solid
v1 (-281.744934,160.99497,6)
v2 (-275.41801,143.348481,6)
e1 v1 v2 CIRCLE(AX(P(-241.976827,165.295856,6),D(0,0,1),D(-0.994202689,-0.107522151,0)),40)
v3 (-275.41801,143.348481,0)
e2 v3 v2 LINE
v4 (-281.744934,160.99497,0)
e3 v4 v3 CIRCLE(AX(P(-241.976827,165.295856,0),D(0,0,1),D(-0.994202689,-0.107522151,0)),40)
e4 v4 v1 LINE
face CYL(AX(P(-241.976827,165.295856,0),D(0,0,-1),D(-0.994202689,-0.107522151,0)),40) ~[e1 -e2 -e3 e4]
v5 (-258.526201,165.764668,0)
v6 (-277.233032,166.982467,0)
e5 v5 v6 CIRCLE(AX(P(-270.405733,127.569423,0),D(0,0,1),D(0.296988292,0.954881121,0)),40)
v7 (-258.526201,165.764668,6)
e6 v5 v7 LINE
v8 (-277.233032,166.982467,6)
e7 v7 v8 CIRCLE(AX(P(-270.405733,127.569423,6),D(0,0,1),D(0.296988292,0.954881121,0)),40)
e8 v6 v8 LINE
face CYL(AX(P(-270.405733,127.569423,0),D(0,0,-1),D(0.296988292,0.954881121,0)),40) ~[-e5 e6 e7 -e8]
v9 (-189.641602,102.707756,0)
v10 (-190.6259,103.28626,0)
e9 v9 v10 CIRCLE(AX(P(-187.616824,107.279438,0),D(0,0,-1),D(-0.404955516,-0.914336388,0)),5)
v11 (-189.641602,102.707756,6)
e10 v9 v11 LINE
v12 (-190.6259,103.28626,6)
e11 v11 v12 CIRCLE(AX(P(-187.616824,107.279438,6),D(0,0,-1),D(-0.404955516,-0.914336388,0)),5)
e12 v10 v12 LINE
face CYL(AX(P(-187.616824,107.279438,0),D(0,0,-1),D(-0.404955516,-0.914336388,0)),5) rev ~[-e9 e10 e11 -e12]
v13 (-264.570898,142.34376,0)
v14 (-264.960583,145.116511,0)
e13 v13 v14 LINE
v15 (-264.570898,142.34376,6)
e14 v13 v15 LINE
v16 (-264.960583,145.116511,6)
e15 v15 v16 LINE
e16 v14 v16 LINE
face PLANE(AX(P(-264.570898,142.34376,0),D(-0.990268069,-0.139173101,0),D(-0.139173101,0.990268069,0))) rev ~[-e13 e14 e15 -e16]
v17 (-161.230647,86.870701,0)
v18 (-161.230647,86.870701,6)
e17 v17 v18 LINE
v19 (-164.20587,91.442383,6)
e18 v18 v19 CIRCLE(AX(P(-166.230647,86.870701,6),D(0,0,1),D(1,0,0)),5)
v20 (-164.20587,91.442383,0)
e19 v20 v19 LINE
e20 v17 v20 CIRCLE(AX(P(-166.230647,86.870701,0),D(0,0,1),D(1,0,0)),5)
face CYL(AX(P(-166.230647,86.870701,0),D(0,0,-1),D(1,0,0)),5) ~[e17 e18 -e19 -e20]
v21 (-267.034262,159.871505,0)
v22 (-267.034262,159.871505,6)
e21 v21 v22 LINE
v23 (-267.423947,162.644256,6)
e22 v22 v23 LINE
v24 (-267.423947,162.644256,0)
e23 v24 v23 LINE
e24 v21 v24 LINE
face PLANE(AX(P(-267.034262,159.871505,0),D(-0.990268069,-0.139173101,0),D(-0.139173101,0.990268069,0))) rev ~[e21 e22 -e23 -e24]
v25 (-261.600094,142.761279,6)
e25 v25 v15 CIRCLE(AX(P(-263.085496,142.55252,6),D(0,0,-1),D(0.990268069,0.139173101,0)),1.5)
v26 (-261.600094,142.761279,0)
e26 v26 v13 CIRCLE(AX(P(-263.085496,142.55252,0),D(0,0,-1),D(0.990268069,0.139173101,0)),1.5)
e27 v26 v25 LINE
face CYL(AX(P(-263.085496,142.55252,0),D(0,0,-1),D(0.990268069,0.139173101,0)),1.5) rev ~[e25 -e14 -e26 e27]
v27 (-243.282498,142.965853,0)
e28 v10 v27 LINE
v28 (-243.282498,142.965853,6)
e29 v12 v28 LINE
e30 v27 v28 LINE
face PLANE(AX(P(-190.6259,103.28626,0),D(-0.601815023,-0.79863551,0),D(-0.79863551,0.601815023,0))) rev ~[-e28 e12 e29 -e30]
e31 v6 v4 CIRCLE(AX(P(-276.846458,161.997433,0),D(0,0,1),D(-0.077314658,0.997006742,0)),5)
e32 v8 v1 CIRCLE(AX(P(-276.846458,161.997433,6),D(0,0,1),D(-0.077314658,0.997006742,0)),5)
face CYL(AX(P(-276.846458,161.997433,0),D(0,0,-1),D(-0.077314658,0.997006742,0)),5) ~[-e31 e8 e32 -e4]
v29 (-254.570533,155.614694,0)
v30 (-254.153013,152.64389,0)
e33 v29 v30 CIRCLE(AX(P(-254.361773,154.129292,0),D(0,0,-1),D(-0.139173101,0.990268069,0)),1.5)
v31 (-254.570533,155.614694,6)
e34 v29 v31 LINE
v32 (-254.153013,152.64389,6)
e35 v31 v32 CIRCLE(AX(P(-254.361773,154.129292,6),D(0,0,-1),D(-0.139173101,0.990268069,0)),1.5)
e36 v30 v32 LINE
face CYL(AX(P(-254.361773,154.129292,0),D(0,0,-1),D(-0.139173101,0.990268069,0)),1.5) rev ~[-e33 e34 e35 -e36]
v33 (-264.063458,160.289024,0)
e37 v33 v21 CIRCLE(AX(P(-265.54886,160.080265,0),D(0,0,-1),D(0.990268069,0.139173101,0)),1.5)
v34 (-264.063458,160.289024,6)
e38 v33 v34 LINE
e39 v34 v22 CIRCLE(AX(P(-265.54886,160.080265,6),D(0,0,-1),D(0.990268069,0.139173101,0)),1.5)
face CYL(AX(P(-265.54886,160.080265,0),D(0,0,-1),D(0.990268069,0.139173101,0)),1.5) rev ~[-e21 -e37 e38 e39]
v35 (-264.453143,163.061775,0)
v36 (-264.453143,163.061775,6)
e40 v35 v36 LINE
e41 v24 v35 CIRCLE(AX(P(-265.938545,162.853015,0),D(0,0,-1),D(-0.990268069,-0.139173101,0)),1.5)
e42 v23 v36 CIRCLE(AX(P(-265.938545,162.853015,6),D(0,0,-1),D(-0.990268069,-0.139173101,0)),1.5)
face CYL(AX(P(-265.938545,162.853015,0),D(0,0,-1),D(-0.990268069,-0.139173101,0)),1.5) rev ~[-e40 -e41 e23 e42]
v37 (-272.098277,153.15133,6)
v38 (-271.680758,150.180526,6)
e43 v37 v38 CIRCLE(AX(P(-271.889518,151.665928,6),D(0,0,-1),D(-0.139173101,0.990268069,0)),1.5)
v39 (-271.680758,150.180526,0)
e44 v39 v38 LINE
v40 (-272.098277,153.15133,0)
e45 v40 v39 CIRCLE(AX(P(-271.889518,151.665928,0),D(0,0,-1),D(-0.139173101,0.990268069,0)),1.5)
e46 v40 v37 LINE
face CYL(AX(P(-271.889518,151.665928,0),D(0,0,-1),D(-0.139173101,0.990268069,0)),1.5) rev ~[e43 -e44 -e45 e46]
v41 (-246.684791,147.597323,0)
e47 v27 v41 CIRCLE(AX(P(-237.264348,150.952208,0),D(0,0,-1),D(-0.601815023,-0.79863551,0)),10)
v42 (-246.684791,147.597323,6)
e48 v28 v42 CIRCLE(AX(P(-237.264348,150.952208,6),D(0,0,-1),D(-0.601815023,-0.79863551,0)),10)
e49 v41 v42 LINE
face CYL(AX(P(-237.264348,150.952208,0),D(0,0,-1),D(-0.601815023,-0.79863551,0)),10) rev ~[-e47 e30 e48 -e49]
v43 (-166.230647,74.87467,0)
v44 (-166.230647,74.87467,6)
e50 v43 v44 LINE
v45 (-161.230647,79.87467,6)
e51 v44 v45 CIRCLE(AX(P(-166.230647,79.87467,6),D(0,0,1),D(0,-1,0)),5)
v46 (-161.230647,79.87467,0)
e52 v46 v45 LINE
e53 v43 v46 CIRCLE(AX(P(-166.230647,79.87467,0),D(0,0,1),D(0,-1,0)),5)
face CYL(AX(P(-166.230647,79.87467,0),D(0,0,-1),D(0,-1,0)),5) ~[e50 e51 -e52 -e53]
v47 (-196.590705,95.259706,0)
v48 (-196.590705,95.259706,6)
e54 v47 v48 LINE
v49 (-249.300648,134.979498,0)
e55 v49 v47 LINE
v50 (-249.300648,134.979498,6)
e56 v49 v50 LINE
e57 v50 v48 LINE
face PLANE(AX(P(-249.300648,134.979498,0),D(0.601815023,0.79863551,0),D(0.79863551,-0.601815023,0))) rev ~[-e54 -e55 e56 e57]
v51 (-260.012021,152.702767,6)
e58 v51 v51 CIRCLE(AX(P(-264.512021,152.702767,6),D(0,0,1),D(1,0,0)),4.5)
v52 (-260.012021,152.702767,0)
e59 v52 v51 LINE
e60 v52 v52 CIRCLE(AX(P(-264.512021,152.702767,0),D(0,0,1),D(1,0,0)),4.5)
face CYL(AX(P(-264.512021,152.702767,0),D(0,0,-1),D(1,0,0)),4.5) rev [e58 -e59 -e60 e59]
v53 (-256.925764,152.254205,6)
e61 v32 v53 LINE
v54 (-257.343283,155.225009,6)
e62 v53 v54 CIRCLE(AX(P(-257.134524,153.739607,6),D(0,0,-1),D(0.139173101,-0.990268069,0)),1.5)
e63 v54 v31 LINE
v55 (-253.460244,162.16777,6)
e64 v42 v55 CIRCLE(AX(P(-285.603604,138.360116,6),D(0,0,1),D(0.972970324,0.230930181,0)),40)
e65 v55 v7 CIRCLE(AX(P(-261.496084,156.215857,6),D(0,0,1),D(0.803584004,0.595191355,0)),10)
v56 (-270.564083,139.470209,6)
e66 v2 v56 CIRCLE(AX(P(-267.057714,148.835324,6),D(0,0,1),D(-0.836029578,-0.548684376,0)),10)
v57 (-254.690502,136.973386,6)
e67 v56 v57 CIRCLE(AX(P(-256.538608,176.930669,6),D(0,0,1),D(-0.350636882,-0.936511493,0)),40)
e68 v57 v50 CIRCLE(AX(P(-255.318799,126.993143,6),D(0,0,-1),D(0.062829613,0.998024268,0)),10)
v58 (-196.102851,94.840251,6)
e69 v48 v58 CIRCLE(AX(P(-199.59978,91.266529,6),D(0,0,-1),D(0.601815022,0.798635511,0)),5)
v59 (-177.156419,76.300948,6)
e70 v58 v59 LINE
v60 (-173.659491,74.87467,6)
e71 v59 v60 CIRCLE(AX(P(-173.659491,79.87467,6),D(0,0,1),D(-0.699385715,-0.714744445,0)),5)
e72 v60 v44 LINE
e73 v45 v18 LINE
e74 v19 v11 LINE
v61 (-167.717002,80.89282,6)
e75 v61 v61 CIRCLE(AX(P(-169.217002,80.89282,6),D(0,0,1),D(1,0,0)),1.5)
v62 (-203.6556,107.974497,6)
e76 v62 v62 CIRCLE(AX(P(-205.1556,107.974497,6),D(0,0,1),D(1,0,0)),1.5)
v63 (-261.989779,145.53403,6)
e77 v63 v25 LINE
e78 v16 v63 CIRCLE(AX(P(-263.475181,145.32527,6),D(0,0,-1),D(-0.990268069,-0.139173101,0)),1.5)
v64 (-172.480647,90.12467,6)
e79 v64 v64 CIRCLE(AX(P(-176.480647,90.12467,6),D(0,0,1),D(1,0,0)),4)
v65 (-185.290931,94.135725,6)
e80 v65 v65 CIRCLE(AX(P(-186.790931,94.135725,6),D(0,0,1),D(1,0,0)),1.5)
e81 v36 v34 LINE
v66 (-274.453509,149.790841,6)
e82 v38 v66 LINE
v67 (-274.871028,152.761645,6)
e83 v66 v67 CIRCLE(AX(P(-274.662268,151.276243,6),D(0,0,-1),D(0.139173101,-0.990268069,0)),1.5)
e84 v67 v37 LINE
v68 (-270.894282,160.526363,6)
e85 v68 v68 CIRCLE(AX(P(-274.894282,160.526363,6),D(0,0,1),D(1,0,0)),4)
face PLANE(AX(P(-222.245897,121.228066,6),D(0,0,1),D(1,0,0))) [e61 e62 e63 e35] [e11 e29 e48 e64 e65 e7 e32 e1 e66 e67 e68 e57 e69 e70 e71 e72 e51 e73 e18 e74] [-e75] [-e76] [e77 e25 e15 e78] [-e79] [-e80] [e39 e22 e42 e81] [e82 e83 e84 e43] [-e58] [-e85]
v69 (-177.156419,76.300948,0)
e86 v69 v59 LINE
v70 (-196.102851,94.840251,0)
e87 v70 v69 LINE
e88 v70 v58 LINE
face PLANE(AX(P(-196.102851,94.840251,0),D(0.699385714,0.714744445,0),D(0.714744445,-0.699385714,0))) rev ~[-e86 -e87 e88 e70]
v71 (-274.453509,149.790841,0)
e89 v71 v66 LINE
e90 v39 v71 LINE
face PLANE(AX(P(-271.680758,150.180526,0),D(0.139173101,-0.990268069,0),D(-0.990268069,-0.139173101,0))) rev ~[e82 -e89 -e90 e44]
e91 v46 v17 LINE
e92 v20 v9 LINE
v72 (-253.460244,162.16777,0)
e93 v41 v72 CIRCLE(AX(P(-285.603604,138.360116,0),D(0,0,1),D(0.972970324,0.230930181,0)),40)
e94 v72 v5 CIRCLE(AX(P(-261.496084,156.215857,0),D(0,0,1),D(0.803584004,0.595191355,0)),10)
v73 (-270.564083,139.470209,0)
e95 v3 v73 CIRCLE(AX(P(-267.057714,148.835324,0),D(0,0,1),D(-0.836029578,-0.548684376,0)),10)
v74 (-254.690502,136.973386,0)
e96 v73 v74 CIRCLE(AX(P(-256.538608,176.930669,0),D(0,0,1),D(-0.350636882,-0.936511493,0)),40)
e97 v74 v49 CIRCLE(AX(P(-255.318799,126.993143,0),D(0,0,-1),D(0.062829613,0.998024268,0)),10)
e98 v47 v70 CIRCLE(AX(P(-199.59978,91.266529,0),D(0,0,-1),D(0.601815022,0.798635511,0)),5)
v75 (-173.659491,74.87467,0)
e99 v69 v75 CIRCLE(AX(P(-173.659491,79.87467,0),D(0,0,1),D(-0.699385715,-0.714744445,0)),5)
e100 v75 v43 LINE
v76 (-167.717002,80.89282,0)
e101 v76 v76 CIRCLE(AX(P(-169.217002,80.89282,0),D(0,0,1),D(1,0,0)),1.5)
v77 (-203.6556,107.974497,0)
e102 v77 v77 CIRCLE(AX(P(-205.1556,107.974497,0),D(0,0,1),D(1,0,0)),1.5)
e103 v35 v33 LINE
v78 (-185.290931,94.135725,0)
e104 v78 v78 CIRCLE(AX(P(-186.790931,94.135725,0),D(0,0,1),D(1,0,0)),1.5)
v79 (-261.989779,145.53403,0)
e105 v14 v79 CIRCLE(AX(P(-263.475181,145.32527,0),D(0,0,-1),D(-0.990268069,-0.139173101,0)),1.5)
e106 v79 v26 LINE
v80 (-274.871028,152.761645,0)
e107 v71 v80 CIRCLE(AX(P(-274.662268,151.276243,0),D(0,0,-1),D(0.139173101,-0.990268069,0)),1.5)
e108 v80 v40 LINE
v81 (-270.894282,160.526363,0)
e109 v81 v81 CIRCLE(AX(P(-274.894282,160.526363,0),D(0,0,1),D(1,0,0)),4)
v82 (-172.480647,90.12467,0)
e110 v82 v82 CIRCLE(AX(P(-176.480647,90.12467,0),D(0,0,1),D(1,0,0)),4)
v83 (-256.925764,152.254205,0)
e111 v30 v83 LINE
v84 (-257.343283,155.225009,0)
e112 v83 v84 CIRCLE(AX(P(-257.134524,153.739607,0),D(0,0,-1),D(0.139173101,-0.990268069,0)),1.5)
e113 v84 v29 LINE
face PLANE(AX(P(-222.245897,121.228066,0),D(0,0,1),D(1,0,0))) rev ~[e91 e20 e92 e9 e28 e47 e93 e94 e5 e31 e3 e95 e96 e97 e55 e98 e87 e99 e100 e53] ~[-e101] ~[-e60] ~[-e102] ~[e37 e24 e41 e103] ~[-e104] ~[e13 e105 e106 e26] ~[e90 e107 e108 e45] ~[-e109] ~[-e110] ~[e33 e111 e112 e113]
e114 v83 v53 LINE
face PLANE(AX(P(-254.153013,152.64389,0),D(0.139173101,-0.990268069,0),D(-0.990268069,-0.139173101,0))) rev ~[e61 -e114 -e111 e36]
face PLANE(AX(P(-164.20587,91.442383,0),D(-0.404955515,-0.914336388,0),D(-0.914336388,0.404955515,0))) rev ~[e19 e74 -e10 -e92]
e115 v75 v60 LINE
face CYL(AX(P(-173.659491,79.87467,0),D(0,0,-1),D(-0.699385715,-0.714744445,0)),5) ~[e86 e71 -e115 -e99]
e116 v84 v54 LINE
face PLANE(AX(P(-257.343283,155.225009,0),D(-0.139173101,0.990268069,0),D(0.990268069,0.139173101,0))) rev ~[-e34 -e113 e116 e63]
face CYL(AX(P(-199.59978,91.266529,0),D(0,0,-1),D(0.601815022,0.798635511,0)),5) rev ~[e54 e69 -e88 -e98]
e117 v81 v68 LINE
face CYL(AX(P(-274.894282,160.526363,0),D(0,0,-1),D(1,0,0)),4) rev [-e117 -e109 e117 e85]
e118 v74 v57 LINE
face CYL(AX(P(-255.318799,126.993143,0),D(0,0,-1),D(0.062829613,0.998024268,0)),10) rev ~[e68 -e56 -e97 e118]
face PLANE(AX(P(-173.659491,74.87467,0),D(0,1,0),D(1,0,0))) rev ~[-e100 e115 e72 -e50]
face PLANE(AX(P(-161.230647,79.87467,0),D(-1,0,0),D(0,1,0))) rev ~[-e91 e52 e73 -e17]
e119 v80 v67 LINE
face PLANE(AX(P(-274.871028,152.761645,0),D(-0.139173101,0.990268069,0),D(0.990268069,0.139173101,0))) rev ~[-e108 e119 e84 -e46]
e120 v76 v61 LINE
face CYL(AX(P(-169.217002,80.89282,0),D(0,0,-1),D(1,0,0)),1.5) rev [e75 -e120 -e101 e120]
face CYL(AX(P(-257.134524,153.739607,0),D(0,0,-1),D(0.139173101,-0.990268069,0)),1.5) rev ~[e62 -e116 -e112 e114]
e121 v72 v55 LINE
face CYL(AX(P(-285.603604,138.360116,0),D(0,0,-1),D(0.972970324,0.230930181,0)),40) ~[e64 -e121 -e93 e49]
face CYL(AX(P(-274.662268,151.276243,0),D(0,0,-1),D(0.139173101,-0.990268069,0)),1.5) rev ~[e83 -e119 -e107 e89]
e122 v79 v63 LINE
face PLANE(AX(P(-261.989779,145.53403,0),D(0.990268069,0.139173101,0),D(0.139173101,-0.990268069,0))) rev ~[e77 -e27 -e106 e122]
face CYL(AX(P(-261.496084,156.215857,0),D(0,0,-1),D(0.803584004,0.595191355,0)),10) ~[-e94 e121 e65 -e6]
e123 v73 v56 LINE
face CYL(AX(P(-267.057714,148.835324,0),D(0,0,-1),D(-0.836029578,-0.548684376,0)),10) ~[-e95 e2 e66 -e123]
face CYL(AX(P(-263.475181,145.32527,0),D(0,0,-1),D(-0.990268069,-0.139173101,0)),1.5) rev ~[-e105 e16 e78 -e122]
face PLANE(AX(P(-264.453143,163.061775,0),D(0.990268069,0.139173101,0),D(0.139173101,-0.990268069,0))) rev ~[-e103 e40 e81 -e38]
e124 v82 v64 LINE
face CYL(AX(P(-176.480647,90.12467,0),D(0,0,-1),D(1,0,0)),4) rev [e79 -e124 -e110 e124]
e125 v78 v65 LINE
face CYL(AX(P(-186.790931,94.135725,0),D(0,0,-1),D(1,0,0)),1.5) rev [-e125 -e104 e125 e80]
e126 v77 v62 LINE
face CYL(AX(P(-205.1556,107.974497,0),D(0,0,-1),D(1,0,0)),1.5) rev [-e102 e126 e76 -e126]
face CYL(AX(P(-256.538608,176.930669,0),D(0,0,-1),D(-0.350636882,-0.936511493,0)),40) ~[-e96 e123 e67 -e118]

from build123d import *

# Parameters (mm, degrees)
CROQUIS1_R              = 1.5
CROQUIS1_R_2            = 4
CROQUIS1_R_3            = 4.5
SALIENTE_EXTRUIR1_DEPTH = 6


with BuildPart() as part:
    # Croquis1 → Saliente-Extruir1 (new body)
    with BuildSketch(Plane.XY):
        with BuildLine():
            ThreePointArc((-166.230647244, 74.874670253), (-162.695113338, 76.339136347), (-161.230647244, 79.874670253))
            Line((-161.230647244, 79.874670253), (-161.230647244, 86.870701075))
            ThreePointArc((-161.230647244, 86.870701075), (-162.039949935, 89.59798105), (-164.20586967, 91.442383017))
            Line((-164.20586967, 91.442383017), (-189.641602091, 102.707755643))
            ThreePointArc((-189.641602091, 102.707755643), (-190.150317176, 102.968821046), (-190.625899632, 103.286260034))
            Line((-190.625899632, 103.286260034), (-243.282498112, 142.965853083))
            ThreePointArc((-243.282498112, 142.965853083), (-245.323514753, 145.031918552), (-246.684791002, 147.597323475))
            ThreePointArc((-246.684791002, 147.597323475), (-249.33333249, 155.226277836), (-253.46024382, 162.167770437))
            ThreePointArc((-253.46024382, 162.167770437), (-255.706791789, 164.36963499), (-258.526200935, 165.764668091))
            ThreePointArc((-258.526200935, 165.764668091), (-267.807267276, 167.484933762), (-277.233031605, 166.98246665))
            ThreePointArc((-277.233031605, 166.98246665), (-280.839635864, 165.006508056), (-281.744934312, 160.994969527))
            ThreePointArc((-281.744934312, 160.994969527), (-279.629843944, 151.795844616), (-275.418009863, 143.348480526))
            ThreePointArc((-275.418009863, 143.348480526), (-273.299883496, 141.022813744), (-270.564082899, 139.470209357))
            ThreePointArc((-270.564082899, 139.470209357), (-262.753961023, 137.416502238), (-254.690502443, 136.973385563))
            ThreePointArc((-254.690502443, 136.973385563), (-251.84925837, 136.371964278), (-249.300648344, 134.979497983))
            Line((-249.300648344, 134.979497983), (-196.590704681, 95.259706455))
            ThreePointArc((-196.590704681, 95.259706455), (-196.340024178, 95.057833866), (-196.102851224, 94.840251132))
            Line((-196.102851224, 94.840251132), (-177.15641917, 76.300948025))
            ThreePointArc((-177.15641917, 76.300948025), (-175.547795242, 75.244950437), (-173.659490598, 74.874670253))
            Line((-173.659490598, 74.874670253), (-166.230647244, 74.874670253))
        make_face()
        with Locations((-169.217002345, 80.892820484)):
            Circle(CROQUIS1_R, mode=Mode.SUBTRACT)
        with Locations((-176.480647244, 90.124670253)):
            Circle(CROQUIS1_R_2, mode=Mode.SUBTRACT)
        with Locations((-186.790930649, 94.135725334)):
            Circle(CROQUIS1_R, mode=Mode.SUBTRACT)
        with Locations((-205.155600297, 107.974496526)):
            Circle(CROQUIS1_R, mode=Mode.SUBTRACT)
        with BuildLine():
            Line((-261.989778965, 145.534030037), (-261.600094282, 142.761279445))
            ThreePointArc((-261.600094282, 142.761279445), (-262.876736734, 141.06711769), (-264.570898489, 142.343760142))
            Line((-264.570898489, 142.343760142), (-264.960583171, 145.116510734))
            ThreePointArc((-264.960583171, 145.116510734), (-263.68394072, 146.810672489), (-261.989778965, 145.534030037))
        make_face(mode=Mode.SUBTRACT)
        with BuildLine():
            Line((-271.680758131, 150.180525793), (-274.453508724, 149.79084111))
            ThreePointArc((-274.453508724, 149.79084111), (-276.147670478, 151.067483562), (-274.871028026, 152.761645316))
            Line((-274.871028026, 152.761645316), (-272.098277434, 153.151329999))
            ThreePointArc((-272.098277434, 153.151329999), (-270.404115679, 151.874687547), (-271.680758131, 150.180525793))
        make_face(mode=Mode.SUBTRACT)
        with Locations((-264.51202067, 152.702767498)):
            Circle(CROQUIS1_R_3, mode=Mode.SUBTRACT)
        with BuildLine():
            Line((-257.34328321, 155.225009203), (-254.570532617, 155.614693886))
            ThreePointArc((-254.570532617, 155.614693886), (-252.876370863, 154.338051434), (-254.153013314, 152.64388968))
            Line((-254.153013314, 152.64388968), (-256.925763907, 152.254204997))
            ThreePointArc((-256.925763907, 152.254204997), (-258.619925661, 153.530847449), (-257.34328321, 155.225009203))
        make_face(mode=Mode.SUBTRACT)
        with Locations((-274.894282301, 160.526362799)):
            Circle(CROQUIS1_R_2, mode=Mode.SUBTRACT)
        with BuildLine():
            Line((-267.034262376, 159.871504959), (-267.423947058, 162.644255551))
            ThreePointArc((-267.423947058, 162.644255551), (-266.147304607, 164.338417306), (-264.453142852, 163.061774854))
            Line((-264.453142852, 163.061774854), (-264.063458169, 160.289024262))
            ThreePointArc((-264.063458169, 160.289024262), (-265.340100621, 158.594862507), (-267.034262376, 159.871504959))
        make_face(mode=Mode.SUBTRACT)
    extrude(amount=SALIENTE_EXTRUIR1_DEPTH)


solid = part.part
